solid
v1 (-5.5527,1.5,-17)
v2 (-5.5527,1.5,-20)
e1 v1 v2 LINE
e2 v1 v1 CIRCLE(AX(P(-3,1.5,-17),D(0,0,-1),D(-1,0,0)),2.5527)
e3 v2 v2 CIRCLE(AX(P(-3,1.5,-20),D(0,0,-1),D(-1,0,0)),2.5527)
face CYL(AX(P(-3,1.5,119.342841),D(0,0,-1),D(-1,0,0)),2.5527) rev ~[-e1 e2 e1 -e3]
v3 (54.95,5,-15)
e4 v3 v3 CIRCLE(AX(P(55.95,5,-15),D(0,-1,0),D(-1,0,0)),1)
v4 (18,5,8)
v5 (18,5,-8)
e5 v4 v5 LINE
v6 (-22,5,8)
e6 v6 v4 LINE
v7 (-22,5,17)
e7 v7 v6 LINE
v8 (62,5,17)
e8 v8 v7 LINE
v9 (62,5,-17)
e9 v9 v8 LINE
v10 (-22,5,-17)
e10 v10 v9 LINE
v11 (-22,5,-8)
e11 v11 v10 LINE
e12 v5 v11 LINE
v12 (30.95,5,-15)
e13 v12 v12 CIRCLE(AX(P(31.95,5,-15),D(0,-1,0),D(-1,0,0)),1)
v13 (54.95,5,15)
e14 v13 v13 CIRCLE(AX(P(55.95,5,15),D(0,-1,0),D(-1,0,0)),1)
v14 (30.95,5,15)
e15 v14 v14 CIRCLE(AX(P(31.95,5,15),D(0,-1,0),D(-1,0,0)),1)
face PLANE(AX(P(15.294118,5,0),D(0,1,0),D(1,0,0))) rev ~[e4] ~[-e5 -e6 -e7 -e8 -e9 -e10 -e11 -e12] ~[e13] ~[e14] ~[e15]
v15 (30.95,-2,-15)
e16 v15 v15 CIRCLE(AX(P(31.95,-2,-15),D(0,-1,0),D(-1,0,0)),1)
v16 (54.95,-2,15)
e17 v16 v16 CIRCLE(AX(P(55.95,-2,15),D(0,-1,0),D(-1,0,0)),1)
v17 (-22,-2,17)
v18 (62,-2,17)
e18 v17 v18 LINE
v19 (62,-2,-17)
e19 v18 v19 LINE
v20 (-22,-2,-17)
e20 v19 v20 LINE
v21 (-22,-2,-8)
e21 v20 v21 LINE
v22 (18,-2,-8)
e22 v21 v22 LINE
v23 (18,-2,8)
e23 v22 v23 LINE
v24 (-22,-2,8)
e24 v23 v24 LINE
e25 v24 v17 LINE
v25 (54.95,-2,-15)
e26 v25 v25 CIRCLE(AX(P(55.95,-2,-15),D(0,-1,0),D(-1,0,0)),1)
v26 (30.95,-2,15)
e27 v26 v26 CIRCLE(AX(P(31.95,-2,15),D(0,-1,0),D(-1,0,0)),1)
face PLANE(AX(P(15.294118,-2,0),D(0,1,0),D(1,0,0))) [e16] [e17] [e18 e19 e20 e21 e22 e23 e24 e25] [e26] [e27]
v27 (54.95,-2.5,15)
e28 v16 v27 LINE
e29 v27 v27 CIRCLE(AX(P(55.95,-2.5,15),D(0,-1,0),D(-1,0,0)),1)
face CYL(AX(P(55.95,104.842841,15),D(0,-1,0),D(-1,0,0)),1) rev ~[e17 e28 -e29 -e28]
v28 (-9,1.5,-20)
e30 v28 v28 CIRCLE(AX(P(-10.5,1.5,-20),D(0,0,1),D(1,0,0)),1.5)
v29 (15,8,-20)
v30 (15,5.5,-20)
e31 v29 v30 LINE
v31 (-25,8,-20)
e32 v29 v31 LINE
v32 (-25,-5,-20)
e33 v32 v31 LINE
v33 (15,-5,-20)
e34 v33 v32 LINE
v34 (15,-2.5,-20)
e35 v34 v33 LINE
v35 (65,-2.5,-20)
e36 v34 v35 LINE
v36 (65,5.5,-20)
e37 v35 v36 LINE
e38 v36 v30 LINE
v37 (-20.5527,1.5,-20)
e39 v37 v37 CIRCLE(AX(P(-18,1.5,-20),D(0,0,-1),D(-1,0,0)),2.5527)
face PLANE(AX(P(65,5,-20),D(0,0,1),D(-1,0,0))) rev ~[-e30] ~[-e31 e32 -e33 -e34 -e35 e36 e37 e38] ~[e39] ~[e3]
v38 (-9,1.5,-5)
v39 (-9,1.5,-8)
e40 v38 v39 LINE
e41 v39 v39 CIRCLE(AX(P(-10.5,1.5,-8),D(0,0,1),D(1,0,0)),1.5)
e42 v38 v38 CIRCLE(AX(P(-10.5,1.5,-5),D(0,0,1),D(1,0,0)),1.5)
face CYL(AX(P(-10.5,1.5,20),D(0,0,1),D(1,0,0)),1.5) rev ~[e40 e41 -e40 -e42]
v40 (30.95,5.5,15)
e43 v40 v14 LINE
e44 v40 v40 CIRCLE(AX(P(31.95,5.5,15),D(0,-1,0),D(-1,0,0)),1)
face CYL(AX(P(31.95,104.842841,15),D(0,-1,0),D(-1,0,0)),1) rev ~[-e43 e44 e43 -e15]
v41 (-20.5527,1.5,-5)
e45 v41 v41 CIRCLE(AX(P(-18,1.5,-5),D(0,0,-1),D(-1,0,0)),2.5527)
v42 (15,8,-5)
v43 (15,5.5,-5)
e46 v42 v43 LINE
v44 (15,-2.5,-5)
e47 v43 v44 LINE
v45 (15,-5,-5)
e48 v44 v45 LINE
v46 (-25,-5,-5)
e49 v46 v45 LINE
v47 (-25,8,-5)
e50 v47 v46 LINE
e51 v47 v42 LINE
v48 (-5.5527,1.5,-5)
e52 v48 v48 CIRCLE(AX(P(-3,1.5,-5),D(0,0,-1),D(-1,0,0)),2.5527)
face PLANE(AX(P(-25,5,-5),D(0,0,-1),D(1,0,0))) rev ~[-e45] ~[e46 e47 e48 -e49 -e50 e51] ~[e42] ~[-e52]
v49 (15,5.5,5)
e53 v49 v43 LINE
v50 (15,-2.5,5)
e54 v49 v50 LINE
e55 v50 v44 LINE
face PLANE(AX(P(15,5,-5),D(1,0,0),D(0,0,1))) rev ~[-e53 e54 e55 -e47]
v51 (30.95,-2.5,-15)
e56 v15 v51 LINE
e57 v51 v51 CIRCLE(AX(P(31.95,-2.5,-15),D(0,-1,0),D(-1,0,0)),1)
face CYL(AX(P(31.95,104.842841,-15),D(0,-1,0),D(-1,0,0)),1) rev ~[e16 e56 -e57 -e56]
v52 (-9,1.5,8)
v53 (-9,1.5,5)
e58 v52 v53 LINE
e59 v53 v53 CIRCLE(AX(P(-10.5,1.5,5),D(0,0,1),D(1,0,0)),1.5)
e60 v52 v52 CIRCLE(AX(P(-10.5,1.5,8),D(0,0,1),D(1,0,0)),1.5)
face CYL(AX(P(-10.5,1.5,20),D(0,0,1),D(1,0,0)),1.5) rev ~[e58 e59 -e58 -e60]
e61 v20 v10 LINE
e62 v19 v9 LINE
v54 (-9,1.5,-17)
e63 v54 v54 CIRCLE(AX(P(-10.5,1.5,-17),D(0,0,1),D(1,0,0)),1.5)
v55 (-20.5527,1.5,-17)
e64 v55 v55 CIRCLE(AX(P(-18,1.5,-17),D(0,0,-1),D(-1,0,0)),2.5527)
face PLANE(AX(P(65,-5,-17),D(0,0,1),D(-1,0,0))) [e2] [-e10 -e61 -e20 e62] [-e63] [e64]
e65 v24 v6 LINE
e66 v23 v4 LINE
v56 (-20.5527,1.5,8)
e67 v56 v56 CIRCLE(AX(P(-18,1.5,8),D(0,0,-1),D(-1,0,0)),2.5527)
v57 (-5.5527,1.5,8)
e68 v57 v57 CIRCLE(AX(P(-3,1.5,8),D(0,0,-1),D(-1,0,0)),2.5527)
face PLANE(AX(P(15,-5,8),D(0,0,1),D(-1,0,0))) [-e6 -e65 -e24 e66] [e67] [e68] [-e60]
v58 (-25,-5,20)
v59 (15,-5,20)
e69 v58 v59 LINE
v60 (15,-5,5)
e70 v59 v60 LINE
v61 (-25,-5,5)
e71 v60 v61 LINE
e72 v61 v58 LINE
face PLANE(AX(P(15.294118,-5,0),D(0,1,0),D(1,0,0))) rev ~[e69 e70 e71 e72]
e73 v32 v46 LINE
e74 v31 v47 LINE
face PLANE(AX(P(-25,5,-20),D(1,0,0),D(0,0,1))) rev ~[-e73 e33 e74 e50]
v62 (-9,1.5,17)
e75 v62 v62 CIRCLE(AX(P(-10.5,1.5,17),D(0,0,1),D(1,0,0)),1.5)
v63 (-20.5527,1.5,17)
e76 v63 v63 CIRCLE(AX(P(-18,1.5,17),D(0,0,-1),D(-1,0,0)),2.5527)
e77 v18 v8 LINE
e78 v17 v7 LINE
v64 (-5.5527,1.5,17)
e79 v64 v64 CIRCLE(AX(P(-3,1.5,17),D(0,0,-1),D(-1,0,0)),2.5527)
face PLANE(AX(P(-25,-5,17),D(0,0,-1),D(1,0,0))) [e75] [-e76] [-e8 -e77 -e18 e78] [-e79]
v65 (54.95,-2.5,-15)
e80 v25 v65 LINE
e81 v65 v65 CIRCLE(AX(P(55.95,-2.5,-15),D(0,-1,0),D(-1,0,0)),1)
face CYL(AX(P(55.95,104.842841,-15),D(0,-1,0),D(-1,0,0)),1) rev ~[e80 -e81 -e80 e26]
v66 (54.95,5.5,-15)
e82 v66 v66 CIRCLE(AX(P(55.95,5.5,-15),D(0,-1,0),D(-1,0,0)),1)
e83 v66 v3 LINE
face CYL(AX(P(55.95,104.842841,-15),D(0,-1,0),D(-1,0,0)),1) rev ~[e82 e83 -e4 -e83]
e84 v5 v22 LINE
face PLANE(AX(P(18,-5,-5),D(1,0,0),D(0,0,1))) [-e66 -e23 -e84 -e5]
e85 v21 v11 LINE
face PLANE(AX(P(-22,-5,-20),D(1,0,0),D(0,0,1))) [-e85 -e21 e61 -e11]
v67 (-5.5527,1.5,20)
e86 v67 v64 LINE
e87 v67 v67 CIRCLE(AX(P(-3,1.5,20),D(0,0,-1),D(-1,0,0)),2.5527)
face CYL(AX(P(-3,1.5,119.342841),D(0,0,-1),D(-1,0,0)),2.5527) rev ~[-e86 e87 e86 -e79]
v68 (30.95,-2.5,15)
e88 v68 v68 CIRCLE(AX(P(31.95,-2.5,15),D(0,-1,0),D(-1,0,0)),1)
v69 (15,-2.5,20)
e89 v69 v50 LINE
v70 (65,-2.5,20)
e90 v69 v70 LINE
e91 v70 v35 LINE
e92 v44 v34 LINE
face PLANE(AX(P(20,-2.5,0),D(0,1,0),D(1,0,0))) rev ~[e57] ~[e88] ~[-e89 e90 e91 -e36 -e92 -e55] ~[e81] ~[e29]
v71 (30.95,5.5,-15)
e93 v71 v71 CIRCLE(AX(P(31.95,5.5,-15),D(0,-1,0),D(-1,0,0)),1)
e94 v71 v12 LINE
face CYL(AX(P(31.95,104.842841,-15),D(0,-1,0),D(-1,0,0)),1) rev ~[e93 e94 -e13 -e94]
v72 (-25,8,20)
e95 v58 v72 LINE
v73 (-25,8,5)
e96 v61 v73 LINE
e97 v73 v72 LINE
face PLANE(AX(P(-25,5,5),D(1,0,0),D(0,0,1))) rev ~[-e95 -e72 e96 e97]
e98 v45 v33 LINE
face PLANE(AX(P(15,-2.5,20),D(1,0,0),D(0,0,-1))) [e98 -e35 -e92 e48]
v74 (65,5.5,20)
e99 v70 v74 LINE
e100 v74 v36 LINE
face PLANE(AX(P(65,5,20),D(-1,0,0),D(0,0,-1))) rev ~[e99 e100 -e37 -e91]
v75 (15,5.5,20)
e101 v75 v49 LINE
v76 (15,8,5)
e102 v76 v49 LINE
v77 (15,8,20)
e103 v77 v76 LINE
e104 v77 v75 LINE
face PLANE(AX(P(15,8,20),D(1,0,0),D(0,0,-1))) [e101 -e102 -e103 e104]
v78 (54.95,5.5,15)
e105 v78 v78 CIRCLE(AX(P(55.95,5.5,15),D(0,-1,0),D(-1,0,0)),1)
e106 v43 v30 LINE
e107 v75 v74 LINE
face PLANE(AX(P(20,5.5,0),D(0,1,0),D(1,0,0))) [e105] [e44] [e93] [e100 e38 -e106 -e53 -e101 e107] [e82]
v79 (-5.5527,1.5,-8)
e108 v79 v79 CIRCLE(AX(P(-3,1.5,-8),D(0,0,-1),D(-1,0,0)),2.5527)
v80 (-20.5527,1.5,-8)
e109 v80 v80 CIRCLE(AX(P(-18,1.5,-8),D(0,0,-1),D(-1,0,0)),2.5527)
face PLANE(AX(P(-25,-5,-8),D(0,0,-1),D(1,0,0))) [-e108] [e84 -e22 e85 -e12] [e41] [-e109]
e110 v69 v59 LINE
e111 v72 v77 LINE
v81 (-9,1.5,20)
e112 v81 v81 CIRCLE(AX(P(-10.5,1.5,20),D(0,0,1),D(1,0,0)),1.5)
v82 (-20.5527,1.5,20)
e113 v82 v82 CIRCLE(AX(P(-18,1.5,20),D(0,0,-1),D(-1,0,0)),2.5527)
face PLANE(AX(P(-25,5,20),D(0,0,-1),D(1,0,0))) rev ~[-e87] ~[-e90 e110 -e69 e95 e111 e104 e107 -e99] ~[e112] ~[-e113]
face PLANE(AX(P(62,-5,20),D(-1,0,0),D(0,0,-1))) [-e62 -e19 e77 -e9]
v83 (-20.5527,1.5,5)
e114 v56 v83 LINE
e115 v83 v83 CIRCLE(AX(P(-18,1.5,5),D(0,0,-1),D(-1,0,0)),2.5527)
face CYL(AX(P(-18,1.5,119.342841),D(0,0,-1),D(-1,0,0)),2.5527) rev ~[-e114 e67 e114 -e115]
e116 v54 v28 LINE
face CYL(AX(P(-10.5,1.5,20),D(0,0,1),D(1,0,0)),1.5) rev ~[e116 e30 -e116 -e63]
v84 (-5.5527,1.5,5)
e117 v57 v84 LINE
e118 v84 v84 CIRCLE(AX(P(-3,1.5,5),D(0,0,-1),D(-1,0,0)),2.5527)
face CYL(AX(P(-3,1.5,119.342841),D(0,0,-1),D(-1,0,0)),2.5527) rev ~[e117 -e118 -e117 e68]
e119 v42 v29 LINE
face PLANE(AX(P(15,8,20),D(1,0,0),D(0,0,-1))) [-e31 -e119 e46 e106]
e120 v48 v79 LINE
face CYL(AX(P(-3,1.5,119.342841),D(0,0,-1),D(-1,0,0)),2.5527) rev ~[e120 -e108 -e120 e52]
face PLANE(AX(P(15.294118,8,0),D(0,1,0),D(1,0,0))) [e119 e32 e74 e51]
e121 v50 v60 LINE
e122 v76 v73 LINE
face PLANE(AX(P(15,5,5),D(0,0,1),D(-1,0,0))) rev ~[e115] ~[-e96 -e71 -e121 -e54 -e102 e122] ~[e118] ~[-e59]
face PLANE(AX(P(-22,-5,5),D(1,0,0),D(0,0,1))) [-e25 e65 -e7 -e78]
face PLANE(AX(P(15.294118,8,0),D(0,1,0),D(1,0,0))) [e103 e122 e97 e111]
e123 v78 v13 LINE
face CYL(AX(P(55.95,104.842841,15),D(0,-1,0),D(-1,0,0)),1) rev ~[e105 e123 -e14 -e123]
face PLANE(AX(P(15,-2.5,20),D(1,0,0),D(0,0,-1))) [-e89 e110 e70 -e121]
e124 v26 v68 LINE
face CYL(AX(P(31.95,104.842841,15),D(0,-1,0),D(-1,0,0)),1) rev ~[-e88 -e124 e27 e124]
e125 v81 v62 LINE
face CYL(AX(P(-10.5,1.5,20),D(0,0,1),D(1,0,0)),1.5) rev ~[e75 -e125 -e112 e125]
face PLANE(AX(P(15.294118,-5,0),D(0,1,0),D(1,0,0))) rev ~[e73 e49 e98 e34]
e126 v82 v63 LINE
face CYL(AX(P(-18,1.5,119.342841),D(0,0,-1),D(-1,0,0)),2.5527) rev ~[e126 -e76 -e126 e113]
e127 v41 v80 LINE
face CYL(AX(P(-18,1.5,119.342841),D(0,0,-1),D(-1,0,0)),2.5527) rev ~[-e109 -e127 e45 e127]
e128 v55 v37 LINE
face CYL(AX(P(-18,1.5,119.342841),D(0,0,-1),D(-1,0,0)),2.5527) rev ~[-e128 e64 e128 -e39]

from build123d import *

# Parameters (mm, degrees)
BOSS_EXTRUDE1_DEPTH             = 5
BOSS_EXTRUDE1_DEPTH_BACK        = 5
SHELL1_T                        = -3
BOSS_EXTRUDE2_START             = 5
BOSS_EXTRUDE2_DEPTH             = 3
SKETCH2_R                       = 1.5
CUT_EXTRUDE1_DEPTH              = 100
SKETCH9_W                       = 40
SKETCH9_H                       = 2.5
CUT_EXTRUDE2_DEPTH              = 77.739820172
SKETCH10_W                      = 10
SKETCH10_H                      = 40
CUT_EXTRUDE3_DEPTH              = 2.5
CUT_EXTRUDE4_START              = -10.5
SKETCH10_2_W                    = 10
SKETCH10_2_H                    = 40
CUT_EXTRUDE4_DEPTH              = 2.5
F_2_0MM_CLEARANCE_DOWEL_HOLE2_D = 2
F_1_4_20_TAPPED_HOLE1_D         = 5.1054


with BuildPart() as part:
    # Sketch1 → Boss-Extrude1 (new, two sides: drawn at the far end of the back side and taken through both)
    with BuildSketch(Plane(origin=(0, 0, 0), x_dir=(1, 0, 0), z_dir=(0, 1, 0)).offset(-BOSS_EXTRUDE1_DEPTH_BACK)):
        Polygon((15, -5), (-25, -5), (-25, -20), (25, -20), (65, -20), (65, 20), (25, 20), (-25, 20), (-25, 5), (15, 5), align=None)
    extrude(amount=BOSS_EXTRUDE1_DEPTH + BOSS_EXTRUDE1_DEPTH_BACK)

    # Shell1
    shell1_openings = [part.faces().sort_by_distance(p)[0] for p in [
        (23.125, 5, 0),
    ]]
    offset(amount=SHELL1_T, openings=shell1_openings, kind=Kind.INTERSECTION)

    # Sketch1<2> → Boss-Extrude2 (add)
    with BuildSketch(Plane(origin=(0, 0, 0), x_dir=(1, 0, 0), z_dir=(0, 1, 0)).offset(BOSS_EXTRUDE2_START)):
        Polygon((15, -5), (-25, -5), (-25, -20), (25, -20), (65, -20), (65, 20), (25, 20), (-25, 20), (-25, 5), (15, 5), align=None)
    extrude(amount=BOSS_EXTRUDE2_DEPTH)

    # Sketch2 → Cut-Extrude1 (cut)
    with BuildSketch(Plane.XY.offset(20)):
        with Locations((-10.5, 1.5)):
            Circle(SKETCH2_R)
    extrude(amount=-CUT_EXTRUDE1_DEPTH, mode=Mode.SUBTRACT)

    # Sketch9 → Cut-Extrude2 (cut, through all)
    with BuildSketch(Plane.XY.offset(20)):
        with Locations((45, 6.75)):
            Rectangle(SKETCH9_W, SKETCH9_H)
        with Locations((45, -3.75)):
            Rectangle(SKETCH9_W, SKETCH9_H)
    extrude(amount=-CUT_EXTRUDE2_DEPTH, mode=Mode.SUBTRACT)

    # Sketch10 → Cut-Extrude3 (cut)
    with BuildSketch(Plane(origin=(0, 8, 0), x_dir=(1, 0, 0), z_dir=(0, 1, 0))):
        with Locations((20, 0)):
            Rectangle(SKETCH10_W, SKETCH10_H)
    extrude(amount=-CUT_EXTRUDE3_DEPTH, mode=Mode.SUBTRACT)

    # Sketch10<2> → Cut-Extrude4 (cut)
    with BuildSketch(Plane(origin=(0, 8, 0), x_dir=(1, 0, 0), z_dir=(0, 1, 0)).offset(CUT_EXTRUDE4_START)):
        with Locations((20, 0)):
            Rectangle(SKETCH10_2_W, SKETCH10_2_H)
    extrude(amount=-CUT_EXTRUDE4_DEPTH, mode=Mode.SUBTRACT)

    # Ø2.0mm Clearance Dowel Hole2 (through all)
    with Locations(Plane(origin=(0, 5.5, 0), x_dir=(1, 0, 0), z_dir=(0, 1, 0))):
        with Locations((31.950000364, 15), (31.950000364, -15), (55.950000364, -15), (55.950000364, 15)):
            Hole(F_2_0MM_CLEARANCE_DOWEL_HOLE2_D / 2)

    # 1/4-20 Tapped Hole1 (through all)
    with Locations(Plane.XY.offset(20)):
        with Locations((-18, 1.5), (-3, 1.5)):
            Hole(F_1_4_20_TAPPED_HOLE1_D / 2)


solid = part.part
